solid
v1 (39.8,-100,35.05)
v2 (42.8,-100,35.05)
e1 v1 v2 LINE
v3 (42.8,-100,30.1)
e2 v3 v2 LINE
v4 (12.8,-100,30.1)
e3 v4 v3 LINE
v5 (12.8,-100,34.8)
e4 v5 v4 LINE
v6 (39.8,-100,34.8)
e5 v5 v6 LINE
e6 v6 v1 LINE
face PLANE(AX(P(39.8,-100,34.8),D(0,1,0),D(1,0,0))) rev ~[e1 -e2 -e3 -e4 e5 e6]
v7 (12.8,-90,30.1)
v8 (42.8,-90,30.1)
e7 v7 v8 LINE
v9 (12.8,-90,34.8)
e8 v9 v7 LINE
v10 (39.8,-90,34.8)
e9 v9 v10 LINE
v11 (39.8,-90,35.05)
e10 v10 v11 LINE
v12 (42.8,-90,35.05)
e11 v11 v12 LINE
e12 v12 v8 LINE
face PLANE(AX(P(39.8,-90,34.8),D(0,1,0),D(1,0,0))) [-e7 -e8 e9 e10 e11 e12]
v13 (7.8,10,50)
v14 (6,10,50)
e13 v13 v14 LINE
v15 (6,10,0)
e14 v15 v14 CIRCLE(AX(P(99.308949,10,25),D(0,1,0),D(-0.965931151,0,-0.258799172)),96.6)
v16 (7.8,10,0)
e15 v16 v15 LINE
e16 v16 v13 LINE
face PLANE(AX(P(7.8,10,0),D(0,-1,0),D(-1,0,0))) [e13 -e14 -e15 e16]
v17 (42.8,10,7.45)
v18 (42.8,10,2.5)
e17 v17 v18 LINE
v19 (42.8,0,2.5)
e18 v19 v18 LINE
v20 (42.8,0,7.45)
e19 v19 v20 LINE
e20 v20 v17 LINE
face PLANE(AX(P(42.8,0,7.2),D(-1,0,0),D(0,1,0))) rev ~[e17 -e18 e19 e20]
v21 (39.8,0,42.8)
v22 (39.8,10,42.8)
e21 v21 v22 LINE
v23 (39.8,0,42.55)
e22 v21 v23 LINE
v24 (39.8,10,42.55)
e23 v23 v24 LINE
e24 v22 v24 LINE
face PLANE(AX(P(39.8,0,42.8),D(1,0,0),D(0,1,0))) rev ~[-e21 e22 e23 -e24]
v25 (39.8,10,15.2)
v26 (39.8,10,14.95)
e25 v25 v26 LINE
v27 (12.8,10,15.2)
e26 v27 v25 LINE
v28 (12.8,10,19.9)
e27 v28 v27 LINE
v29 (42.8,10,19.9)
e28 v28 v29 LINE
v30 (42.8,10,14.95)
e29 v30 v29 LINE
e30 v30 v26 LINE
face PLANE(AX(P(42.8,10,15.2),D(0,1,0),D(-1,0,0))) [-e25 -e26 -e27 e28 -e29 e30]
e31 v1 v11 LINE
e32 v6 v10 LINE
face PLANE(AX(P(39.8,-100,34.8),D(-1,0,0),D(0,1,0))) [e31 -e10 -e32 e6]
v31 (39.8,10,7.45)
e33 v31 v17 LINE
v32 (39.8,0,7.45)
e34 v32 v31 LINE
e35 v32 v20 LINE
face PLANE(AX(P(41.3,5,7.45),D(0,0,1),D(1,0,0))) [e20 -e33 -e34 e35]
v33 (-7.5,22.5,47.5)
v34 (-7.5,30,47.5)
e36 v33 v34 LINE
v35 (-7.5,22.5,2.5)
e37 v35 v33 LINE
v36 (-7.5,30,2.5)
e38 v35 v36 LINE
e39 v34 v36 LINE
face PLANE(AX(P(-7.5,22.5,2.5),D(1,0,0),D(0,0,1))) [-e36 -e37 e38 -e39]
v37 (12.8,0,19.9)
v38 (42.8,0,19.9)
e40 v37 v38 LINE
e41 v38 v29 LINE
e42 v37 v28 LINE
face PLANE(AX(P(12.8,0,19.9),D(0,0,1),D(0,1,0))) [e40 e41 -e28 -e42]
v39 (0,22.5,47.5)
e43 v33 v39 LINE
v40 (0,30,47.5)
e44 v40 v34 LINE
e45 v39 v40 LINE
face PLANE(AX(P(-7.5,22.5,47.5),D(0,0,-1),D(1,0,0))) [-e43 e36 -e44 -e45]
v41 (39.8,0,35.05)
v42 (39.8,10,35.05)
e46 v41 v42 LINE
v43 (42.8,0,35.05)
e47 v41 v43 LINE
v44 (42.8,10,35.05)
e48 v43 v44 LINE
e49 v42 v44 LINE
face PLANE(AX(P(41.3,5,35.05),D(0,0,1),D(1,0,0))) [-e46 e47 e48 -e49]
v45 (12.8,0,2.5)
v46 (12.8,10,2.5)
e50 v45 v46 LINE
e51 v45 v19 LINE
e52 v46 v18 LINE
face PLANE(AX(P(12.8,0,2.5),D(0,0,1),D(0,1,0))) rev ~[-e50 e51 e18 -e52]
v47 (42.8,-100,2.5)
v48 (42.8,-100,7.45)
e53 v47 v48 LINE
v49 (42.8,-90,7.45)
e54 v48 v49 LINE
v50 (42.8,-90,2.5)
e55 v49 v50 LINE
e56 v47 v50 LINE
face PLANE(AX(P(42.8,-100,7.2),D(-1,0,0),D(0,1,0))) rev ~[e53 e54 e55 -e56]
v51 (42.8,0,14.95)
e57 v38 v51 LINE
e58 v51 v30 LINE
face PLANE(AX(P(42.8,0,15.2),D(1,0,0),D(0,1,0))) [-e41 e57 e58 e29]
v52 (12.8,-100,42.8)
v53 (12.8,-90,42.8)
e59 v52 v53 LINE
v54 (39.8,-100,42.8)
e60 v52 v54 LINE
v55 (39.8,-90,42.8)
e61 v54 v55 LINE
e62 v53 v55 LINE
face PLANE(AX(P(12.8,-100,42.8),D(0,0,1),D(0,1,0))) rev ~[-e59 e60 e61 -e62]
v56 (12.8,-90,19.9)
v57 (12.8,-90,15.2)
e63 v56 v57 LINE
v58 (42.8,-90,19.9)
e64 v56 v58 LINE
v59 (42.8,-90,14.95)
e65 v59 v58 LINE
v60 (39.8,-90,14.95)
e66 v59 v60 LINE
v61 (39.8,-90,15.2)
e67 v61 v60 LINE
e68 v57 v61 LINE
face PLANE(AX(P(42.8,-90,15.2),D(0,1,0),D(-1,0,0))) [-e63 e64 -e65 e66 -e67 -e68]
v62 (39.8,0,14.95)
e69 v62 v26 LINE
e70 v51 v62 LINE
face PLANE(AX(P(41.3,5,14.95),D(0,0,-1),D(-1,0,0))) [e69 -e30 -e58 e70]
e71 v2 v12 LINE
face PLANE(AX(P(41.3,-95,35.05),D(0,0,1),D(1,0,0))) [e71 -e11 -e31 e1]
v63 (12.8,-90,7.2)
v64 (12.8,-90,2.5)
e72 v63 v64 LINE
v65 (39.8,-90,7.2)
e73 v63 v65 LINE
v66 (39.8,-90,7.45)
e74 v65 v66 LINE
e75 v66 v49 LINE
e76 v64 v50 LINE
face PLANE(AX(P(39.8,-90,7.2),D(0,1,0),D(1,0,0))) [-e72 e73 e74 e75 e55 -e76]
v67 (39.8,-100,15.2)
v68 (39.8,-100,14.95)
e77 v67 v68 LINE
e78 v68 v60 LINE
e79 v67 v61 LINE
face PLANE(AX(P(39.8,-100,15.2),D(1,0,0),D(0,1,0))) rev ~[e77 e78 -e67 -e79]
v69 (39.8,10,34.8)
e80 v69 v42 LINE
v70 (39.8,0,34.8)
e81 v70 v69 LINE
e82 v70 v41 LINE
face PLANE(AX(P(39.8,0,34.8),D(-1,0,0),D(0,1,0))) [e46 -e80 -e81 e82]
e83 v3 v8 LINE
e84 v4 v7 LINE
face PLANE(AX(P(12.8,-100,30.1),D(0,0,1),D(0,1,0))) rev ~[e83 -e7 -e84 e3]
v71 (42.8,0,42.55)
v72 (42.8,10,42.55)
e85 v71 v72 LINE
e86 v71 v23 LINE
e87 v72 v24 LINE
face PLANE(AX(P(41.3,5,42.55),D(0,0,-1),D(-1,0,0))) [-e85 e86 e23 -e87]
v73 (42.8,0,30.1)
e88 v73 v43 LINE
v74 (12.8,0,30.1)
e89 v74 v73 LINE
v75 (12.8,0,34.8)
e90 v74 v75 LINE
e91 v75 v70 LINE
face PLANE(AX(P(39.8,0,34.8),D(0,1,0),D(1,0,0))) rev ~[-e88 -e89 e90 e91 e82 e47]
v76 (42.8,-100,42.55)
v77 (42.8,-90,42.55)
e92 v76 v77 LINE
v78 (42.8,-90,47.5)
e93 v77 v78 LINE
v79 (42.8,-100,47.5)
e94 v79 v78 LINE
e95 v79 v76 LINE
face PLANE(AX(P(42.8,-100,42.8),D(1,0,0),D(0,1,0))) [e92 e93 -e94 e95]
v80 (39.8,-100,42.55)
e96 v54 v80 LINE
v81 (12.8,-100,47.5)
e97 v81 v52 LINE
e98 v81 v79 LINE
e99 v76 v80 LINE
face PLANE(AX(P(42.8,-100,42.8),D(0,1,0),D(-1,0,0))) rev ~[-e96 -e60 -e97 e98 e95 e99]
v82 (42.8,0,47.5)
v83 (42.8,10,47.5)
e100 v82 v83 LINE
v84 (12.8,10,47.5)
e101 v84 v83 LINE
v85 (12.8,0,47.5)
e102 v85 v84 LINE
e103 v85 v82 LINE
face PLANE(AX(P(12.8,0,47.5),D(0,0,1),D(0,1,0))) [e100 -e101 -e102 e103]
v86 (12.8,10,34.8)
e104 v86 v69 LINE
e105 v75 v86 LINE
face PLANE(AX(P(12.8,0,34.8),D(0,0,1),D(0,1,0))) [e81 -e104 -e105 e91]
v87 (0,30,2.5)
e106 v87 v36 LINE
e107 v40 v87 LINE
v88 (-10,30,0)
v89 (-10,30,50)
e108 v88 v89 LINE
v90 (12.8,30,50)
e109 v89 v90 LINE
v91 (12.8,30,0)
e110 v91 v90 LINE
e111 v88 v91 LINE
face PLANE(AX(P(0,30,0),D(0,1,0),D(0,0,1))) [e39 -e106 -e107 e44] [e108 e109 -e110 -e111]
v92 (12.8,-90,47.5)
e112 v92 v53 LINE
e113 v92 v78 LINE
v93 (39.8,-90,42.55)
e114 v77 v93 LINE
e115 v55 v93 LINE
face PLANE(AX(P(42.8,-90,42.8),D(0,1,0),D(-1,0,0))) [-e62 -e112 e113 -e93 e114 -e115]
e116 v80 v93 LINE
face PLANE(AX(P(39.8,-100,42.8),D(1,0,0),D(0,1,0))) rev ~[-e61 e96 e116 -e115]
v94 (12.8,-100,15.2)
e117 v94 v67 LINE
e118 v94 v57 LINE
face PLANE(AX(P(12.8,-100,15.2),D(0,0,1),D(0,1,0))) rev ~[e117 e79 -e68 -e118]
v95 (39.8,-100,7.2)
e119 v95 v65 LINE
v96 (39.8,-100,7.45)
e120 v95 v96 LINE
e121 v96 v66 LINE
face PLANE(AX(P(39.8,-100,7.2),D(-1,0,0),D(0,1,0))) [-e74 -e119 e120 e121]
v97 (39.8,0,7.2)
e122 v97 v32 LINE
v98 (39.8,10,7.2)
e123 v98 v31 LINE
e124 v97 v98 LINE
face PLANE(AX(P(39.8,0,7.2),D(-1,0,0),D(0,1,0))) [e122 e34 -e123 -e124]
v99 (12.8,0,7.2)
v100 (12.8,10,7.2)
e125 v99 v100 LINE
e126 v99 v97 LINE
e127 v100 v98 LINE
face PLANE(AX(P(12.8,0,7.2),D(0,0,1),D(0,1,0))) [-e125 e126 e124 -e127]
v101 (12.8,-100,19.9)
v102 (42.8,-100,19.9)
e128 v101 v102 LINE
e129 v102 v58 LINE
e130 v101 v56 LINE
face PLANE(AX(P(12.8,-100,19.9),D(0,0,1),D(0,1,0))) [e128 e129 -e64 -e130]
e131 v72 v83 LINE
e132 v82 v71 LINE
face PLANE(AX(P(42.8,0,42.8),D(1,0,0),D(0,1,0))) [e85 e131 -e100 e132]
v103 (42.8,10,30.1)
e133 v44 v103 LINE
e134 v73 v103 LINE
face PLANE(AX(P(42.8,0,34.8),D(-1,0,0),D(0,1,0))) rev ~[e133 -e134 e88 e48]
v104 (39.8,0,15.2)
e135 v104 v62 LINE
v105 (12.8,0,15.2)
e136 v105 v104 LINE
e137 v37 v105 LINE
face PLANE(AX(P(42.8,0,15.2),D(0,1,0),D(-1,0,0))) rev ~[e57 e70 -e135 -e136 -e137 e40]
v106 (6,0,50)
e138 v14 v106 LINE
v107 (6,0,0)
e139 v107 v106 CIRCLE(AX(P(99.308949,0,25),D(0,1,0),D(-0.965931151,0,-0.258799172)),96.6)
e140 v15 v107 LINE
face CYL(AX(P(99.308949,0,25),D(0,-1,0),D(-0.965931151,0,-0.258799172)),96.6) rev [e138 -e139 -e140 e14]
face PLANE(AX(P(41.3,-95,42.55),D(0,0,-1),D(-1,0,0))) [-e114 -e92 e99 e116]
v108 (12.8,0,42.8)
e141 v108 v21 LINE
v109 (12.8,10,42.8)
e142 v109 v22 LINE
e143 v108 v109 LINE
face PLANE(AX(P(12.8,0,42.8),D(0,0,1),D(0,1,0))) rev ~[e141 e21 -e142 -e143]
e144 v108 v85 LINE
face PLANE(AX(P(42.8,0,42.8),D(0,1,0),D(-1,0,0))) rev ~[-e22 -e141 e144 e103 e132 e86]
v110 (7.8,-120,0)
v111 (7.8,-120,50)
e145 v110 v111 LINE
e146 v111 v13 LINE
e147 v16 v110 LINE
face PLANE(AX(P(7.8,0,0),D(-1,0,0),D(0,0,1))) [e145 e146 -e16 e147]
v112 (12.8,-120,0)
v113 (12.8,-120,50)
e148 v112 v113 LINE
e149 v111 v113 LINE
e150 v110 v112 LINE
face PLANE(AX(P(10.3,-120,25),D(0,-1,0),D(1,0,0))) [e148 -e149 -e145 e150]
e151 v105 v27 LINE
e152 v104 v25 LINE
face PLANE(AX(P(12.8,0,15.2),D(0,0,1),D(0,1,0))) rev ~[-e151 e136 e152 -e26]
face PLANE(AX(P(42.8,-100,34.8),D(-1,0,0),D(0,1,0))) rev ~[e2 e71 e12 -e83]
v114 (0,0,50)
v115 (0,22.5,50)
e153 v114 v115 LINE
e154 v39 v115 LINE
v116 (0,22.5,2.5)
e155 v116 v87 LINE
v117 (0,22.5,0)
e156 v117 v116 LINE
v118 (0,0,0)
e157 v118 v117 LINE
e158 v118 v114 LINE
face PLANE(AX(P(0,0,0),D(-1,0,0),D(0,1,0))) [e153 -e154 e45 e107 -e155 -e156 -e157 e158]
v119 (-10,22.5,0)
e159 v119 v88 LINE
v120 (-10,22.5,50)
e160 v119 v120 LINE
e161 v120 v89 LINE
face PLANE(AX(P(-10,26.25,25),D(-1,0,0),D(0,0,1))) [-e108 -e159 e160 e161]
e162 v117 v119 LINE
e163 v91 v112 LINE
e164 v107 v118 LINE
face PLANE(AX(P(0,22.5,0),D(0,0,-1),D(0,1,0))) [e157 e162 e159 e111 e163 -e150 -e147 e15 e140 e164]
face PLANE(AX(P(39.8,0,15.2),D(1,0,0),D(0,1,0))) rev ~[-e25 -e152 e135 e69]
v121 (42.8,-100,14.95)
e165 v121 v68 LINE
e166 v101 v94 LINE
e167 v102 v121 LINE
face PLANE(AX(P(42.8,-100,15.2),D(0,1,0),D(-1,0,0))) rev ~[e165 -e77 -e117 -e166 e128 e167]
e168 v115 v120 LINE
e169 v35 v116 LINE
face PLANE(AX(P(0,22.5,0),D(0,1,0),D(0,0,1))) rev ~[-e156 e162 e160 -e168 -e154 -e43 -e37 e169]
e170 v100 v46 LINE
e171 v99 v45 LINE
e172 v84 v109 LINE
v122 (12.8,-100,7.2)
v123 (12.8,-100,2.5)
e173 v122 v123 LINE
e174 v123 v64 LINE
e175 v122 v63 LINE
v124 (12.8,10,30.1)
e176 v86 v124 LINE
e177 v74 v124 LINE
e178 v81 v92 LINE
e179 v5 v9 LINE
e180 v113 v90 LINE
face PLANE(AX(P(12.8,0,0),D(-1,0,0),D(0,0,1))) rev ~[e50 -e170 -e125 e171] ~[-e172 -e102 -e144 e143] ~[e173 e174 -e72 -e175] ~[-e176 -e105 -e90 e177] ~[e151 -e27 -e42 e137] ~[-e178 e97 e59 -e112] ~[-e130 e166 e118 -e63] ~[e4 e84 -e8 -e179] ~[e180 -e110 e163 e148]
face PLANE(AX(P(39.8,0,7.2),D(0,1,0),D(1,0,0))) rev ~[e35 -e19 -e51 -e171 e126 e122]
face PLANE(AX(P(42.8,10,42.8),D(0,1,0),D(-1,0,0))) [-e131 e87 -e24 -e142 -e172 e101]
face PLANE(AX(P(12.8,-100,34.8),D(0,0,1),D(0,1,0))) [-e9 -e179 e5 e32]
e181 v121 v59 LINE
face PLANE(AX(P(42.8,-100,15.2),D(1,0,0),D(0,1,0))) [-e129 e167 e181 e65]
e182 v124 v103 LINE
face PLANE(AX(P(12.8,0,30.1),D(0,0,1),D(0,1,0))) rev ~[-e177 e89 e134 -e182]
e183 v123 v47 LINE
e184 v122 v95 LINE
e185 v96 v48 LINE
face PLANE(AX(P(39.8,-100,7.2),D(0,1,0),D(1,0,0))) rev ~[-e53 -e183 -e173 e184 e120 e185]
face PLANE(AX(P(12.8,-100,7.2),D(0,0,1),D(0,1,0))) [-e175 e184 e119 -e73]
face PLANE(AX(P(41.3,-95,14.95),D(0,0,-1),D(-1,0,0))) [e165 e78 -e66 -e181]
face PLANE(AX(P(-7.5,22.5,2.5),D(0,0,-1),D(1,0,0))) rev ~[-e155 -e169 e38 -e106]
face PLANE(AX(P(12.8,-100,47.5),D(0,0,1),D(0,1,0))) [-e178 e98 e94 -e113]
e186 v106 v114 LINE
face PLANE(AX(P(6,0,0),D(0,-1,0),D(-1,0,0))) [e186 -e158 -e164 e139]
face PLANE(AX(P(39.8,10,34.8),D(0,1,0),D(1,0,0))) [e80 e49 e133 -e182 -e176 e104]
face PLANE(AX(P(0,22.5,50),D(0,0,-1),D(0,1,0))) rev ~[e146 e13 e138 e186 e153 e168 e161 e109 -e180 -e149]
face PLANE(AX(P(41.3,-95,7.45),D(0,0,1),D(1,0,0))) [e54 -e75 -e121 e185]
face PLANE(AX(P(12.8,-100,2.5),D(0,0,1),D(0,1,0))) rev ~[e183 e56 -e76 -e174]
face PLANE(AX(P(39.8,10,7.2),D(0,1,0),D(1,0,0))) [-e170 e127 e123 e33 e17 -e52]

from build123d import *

# Parameters (mm, degrees)
BOSS_EXTRUDE1_DEPTH       = 50
SKETCH2_W                 = 4.7
SKETCH2_H                 = 10
BOSS_EXTRUDE2_DEPTH       = 30
SKETCH3_W                 = 5
SKETCH3_H                 = 50
BOSS_EXTRUDE3_DEPTH       = 120
SKETCH4_W                 = 3
SKETCH4_H                 = 10
BOSS_EXTRUDE4_DEPTH       = 0.25
SKETCH5_W                 = 3
SKETCH5_H                 = 10
BOSS_EXTRUDE5_DEPTH       = 0.25
LPATTERN1_COUNT           = 2
LPATTERN1_PITCH           = 27.6
LPATTERN2_COUNT           = 2
LPATTERN2_PITCH           = 100
LPATTERN2_COPY_1_SKETCH_W = 4.7
LPATTERN2_COPY_1_SKETCH_H = 10
LPATTERN2_COPY_1_DEPTH    = 30
LPATTERN2_COPY_2_SKETCH_W = 3
LPATTERN2_COPY_2_SKETCH_H = 10
LPATTERN2_COPY_2_DEPTH    = 0.25
LPATTERN2_COPY_3_SKETCH_W = 3
LPATTERN2_COPY_3_SKETCH_H = 10
LPATTERN2_COPY_3_DEPTH    = 0.25
CORTE_EXTRUS_O1_DEPTH     = 10
ESBO_O3_W                 = 50
ESBO_O3_H                 = 7.5
RESSALTO_EXTRUS_O2_DEPTH  = 10
ESBO_O4_W                 = 7.5
ESBO_O4_H                 = 45
CORTE_EXTRUS_O2_DEPTH     = 10


with BuildPart() as part:
    # Sketch1 → Boss-Extrude1 (new body)
    with BuildSketch(Plane.XY):
        Polygon((0, 0), (0, 30), (12.8, 30), (12.8, 0), (7.8, 0), (7.8, 10), (6, 10), (6, 0), align=None)
    extrude(amount=BOSS_EXTRUDE1_DEPTH)

    # Sketch2 → Boss-Extrude2 (add)
    with BuildSketch(Plane(origin=(12.8, 0, 0), x_dir=(0, 0, -1), z_dir=(1, 0, 0))):
        with Locations((-45.15, 5)):
            Rectangle(SKETCH2_W, SKETCH2_H)
        with Locations((-32.45, 5)):
            Rectangle(SKETCH2_W, SKETCH2_H)
    boss_extrude2 = extrude(amount=BOSS_EXTRUDE2_DEPTH)

    # Sketch3 → Boss-Extrude3 (add)
    with BuildSketch(Plane.XZ):
        with Locations((10.3, 25)):
            Rectangle(SKETCH3_W, SKETCH3_H)
    extrude(amount=BOSS_EXTRUDE3_DEPTH)

    # Sketch4 → Boss-Extrude4 (add)
    with BuildSketch(Plane(origin=(0, 0, 42.8), x_dir=(-1, 0, 0), z_dir=(0, 0, -1))):
        with Locations((-41.3, 5)):
            Rectangle(SKETCH4_W, SKETCH4_H)
    boss_extrude4 = extrude(amount=BOSS_EXTRUDE4_DEPTH)

    # Sketch5 → Boss-Extrude5 (add)
    with BuildSketch(Plane.XY.offset(34.8)):
        with Locations((41.3, 5)):
            Rectangle(SKETCH5_W, SKETCH5_H)
    boss_extrude5 = extrude(amount=BOSS_EXTRUDE5_DEPTH)

    # LPattern1: Boss-Extrude2, Boss-Extrude4, Boss-Extrude5 ×2
    with Locations(*[(0, 0, -i * LPATTERN1_PITCH) for i in range(1, LPATTERN1_COUNT)]):
        add(boss_extrude2)
        add(boss_extrude4)
        add(boss_extrude5)

    # LPattern2: Boss-Extrude2, Boss-Extrude4, Boss-Extrude5 ×2
    with Locations(*[(0, -i * LPATTERN2_PITCH, 0) for i in range(1, LPATTERN2_COUNT)]):
        add(boss_extrude2)
        add(boss_extrude4)
        add(boss_extrude5)

    # LPattern2 copy 1 sketch → LPattern2 copy 1 (add)
    with BuildSketch(Plane(origin=(12.8, -100, -27.6), x_dir=(0, 0, -1), z_dir=(1, 0, 0))):
        with Locations((-45.15, 5)):
            Rectangle(LPATTERN2_COPY_1_SKETCH_W, LPATTERN2_COPY_1_SKETCH_H)
        with Locations((-32.45, 5)):
            Rectangle(LPATTERN2_COPY_1_SKETCH_W, LPATTERN2_COPY_1_SKETCH_H)
    extrude(amount=LPATTERN2_COPY_1_DEPTH)

    # LPattern2 copy 2 sketch → LPattern2 copy 2 (add)
    with BuildSketch(Plane(origin=(0, -100, 15.2), x_dir=(-1, 0, 0), z_dir=(0, 0, -1))):
        with Locations((-41.3, 5)):
            Rectangle(LPATTERN2_COPY_2_SKETCH_W, LPATTERN2_COPY_2_SKETCH_H)
    extrude(amount=LPATTERN2_COPY_2_DEPTH)

    # LPattern2 copy 3 sketch → LPattern2 copy 3 (add)
    with BuildSketch(Plane(origin=(0, -100, 7.2), x_dir=(1, 0, 0), z_dir=(0, 0, 1))):
        with Locations((41.3, 5)):
            Rectangle(LPATTERN2_COPY_3_SKETCH_W, LPATTERN2_COPY_3_SKETCH_H)
    extrude(amount=LPATTERN2_COPY_3_DEPTH)

    # Esboço2 → Corte-extrusão1 (cut)
    with BuildSketch(Plane.XZ):
        with BuildLine():
            Line((6, 50), (6, 0))
            ThreePointArc((6, 0), (2.708949196, 25), (6, 50))
        make_face()
    extrude(amount=-CORTE_EXTRUS_O1_DEPTH, mode=Mode.SUBTRACT)

    # Esboço3 → Ressalto-extrusão2 (add)
    with BuildSketch(Plane.ZY):
        with Locations((25, 26.25)):
            Rectangle(ESBO_O3_W, ESBO_O3_H)
    extrude(amount=RESSALTO_EXTRUS_O2_DEPTH)

    # Esboço4 → Corte-extrusão2 (cut)
    with BuildSketch(Plane.XZ.offset(-22.5)):
        with Locations((-3.75, 25)):
            Rectangle(ESBO_O4_W, ESBO_O4_H)
    extrude(amount=-CORTE_EXTRUS_O2_DEPTH, mode=Mode.SUBTRACT)


solid = part.part
